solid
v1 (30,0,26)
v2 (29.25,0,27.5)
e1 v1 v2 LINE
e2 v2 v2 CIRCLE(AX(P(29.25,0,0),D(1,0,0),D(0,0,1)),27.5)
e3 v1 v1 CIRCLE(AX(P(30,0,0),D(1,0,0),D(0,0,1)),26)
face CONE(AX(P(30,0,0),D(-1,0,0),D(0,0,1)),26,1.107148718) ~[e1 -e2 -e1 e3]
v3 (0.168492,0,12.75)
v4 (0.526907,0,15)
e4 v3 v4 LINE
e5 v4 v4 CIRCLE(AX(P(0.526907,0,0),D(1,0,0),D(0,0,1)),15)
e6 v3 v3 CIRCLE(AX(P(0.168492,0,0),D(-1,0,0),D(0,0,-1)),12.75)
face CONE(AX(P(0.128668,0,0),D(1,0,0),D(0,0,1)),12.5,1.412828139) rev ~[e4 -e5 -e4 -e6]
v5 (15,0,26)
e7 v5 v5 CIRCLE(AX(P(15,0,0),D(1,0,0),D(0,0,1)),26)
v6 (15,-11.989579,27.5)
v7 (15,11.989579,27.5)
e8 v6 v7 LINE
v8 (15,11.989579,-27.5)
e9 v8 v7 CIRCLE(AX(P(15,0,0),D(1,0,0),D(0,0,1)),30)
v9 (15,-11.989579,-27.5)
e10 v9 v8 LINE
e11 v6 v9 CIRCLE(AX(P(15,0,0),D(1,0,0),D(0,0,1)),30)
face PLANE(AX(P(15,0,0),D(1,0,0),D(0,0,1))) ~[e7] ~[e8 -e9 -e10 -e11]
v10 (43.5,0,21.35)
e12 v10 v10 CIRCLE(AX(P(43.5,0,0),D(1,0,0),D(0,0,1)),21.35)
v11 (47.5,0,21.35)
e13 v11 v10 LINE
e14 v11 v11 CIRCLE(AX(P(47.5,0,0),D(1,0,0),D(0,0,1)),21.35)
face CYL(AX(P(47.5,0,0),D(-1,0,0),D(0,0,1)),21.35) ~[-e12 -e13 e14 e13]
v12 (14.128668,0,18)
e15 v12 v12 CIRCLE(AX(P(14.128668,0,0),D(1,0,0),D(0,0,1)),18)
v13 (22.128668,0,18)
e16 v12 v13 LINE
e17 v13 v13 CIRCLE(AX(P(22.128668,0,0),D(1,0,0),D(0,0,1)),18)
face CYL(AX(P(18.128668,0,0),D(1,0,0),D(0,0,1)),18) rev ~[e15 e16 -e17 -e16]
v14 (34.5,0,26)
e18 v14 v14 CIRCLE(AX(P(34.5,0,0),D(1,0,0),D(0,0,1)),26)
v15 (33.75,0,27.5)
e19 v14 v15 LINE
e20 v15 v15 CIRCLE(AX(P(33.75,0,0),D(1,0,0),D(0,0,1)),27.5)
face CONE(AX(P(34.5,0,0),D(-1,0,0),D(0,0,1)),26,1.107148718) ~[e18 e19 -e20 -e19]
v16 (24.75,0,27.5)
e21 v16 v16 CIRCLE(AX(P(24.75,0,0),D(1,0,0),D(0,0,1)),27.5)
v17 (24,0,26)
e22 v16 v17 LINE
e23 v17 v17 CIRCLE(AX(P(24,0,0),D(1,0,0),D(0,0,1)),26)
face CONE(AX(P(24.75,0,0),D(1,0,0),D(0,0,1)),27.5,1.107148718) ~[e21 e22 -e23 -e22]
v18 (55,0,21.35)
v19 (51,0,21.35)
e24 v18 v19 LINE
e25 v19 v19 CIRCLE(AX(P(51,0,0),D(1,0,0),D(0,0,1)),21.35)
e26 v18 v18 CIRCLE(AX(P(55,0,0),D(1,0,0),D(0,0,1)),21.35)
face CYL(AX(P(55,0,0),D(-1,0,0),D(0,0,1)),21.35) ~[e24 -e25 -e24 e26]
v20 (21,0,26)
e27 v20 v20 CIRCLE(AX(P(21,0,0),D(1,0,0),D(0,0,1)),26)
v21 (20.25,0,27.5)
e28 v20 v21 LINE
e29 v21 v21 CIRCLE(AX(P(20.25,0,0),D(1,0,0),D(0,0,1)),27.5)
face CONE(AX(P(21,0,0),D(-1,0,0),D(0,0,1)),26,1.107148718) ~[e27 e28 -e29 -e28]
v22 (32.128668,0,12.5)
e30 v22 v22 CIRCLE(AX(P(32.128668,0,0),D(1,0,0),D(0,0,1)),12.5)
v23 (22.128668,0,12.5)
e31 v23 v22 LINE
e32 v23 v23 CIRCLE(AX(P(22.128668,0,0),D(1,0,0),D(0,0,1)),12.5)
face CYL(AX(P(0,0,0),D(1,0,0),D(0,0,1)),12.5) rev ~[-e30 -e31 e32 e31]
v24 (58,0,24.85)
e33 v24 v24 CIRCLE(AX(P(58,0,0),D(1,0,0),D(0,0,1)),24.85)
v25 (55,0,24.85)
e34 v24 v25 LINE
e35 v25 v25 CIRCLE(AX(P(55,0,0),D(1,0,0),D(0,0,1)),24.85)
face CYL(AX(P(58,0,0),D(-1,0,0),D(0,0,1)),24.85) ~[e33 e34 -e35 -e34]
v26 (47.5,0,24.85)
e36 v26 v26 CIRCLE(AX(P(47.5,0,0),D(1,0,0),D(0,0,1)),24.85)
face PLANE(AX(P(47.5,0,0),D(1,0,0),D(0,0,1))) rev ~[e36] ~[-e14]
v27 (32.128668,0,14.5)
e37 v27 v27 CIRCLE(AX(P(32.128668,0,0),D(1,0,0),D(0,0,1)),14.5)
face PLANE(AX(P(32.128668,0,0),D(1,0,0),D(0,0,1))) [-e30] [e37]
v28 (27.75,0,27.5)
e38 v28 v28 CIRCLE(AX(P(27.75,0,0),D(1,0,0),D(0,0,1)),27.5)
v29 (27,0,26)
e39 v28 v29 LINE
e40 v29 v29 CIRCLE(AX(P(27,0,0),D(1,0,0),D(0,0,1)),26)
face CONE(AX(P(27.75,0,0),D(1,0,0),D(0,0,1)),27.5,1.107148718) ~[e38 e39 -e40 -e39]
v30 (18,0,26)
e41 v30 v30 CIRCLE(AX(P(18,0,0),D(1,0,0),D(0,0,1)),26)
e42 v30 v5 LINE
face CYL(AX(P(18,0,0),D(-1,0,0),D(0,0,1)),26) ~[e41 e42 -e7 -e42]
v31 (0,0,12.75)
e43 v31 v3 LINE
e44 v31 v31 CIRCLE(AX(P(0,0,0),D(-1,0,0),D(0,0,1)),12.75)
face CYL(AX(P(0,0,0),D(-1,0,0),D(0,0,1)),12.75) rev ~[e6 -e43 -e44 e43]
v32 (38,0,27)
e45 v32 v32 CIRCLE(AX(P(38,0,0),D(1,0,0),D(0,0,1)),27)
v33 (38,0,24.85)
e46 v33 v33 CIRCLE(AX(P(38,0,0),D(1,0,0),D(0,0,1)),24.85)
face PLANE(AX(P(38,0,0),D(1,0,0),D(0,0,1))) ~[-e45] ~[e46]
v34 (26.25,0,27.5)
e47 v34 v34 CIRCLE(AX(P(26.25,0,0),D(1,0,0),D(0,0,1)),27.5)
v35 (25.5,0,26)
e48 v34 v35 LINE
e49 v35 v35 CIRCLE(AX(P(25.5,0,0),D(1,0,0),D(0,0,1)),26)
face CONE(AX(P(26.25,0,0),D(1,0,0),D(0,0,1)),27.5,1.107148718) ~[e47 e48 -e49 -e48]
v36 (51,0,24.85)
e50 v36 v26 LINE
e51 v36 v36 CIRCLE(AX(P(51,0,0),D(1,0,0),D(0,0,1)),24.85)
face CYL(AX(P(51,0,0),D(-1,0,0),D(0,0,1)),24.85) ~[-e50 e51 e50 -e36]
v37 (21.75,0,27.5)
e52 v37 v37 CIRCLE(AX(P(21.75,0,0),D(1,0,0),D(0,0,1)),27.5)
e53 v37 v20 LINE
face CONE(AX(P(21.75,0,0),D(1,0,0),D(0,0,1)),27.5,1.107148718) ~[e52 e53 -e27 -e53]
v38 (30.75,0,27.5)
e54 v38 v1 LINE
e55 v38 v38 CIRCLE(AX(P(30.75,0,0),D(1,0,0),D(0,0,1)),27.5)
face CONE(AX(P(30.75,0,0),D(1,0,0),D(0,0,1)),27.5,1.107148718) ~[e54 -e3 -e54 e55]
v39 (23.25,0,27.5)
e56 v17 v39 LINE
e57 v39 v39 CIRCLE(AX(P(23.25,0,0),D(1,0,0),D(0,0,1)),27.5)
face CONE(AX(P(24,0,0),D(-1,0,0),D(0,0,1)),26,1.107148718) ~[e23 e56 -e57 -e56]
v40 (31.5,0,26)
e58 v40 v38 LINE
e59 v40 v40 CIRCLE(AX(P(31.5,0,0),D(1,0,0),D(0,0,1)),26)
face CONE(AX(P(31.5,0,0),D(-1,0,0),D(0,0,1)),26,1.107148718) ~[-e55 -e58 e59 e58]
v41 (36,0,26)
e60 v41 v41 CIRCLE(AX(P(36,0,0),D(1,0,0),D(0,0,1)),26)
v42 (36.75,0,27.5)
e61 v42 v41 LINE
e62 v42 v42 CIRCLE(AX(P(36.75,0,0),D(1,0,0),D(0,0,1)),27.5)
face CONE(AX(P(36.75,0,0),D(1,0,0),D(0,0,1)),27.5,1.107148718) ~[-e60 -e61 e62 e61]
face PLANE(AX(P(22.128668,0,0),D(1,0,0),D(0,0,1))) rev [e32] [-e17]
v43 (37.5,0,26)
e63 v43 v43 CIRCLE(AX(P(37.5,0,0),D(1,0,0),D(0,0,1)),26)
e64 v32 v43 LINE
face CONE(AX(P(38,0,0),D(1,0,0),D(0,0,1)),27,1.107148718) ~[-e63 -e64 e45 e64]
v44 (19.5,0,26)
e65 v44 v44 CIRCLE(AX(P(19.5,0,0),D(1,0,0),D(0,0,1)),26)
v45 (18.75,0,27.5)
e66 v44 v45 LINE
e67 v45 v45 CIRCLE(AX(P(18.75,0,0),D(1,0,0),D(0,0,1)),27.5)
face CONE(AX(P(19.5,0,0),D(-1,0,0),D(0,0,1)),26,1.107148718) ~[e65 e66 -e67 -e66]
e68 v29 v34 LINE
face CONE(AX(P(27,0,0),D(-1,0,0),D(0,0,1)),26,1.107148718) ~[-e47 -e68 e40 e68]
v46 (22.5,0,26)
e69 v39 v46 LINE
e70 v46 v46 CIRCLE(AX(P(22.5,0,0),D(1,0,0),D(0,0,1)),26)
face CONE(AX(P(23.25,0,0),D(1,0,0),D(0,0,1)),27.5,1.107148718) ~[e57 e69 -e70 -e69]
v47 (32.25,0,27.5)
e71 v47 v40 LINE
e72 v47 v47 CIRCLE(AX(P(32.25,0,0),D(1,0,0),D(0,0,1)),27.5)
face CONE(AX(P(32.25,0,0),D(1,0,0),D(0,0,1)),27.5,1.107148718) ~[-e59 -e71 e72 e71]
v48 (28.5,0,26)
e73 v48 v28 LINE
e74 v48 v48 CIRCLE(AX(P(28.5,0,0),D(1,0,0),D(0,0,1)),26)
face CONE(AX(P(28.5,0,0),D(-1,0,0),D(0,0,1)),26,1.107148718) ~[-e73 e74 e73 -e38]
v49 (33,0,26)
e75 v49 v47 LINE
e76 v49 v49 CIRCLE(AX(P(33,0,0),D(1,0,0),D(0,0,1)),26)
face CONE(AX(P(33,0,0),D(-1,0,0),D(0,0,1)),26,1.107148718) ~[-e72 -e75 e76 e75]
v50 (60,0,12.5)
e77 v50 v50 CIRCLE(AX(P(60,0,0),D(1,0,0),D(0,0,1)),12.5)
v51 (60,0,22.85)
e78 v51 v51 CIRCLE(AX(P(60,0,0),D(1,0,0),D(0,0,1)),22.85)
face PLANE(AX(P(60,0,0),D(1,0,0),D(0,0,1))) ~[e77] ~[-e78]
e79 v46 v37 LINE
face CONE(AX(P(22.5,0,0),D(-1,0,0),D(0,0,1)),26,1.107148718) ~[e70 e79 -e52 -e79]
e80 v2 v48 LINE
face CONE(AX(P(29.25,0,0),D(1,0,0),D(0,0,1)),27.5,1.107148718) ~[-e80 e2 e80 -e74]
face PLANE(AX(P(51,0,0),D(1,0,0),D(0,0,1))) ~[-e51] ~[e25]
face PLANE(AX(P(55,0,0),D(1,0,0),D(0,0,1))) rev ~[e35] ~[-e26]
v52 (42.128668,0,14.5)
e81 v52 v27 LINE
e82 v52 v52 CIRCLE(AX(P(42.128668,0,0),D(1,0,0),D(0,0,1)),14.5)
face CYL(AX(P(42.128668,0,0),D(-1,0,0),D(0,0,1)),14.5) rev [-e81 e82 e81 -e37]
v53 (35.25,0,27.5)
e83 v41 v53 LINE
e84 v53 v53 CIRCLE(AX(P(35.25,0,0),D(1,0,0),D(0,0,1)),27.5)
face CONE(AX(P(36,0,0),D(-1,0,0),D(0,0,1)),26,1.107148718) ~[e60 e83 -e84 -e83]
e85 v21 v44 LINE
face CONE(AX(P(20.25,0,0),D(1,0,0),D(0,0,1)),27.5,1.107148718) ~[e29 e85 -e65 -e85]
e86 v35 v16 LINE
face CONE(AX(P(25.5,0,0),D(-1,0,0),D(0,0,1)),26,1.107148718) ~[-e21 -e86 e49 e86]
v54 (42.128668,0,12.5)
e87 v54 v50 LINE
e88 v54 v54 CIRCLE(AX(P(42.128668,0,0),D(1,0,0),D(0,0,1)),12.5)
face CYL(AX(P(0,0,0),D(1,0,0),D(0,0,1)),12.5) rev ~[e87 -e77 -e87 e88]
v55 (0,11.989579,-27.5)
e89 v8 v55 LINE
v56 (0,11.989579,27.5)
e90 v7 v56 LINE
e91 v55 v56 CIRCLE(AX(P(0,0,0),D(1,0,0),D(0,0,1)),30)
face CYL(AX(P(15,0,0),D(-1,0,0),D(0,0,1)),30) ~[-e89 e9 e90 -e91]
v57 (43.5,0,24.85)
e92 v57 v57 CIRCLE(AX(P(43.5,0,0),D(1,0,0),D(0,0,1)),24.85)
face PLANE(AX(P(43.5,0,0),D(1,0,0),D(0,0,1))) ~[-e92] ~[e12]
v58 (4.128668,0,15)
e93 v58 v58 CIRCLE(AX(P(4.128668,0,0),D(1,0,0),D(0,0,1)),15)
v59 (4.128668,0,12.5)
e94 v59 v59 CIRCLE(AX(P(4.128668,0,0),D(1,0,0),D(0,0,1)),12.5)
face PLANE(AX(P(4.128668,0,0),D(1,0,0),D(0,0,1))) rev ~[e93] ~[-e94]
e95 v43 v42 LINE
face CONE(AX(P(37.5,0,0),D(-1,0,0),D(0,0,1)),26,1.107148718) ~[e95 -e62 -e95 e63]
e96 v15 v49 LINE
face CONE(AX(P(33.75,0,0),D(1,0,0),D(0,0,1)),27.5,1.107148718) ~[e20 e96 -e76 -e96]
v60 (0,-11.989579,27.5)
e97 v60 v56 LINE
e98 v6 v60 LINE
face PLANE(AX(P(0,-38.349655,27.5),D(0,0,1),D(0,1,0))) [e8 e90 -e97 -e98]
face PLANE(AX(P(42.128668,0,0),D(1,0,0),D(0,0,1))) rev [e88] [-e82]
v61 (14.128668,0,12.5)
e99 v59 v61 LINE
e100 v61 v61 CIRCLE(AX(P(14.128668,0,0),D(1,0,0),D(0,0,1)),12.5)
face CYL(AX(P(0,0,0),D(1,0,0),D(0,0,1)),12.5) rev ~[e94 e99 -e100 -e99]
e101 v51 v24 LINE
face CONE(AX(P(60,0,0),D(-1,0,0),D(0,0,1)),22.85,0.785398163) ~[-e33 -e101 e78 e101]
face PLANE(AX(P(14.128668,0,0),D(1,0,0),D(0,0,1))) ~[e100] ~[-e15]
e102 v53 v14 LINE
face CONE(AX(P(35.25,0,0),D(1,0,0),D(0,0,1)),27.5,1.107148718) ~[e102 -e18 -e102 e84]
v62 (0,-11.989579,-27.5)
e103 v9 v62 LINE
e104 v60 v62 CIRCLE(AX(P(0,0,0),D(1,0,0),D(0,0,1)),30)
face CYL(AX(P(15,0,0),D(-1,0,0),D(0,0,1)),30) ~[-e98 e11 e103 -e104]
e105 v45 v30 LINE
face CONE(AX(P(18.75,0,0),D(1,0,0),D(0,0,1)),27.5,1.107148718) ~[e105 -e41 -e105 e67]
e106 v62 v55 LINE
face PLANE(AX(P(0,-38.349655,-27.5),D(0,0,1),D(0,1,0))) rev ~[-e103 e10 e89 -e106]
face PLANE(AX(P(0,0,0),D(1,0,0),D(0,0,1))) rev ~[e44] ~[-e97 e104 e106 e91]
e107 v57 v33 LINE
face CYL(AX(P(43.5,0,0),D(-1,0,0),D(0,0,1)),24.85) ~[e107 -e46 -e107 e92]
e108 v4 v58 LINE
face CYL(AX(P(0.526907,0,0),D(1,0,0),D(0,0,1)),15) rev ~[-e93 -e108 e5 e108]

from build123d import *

# Parameters (mm, degrees)
SKETCH2_OUTSIDE_W   = 82.784
SKETCH2_OUTSIDE_H   = 82.784
SKETCH2_OUTSIDE_W_2 = 55
SKETCH2_OUTSIDE_H_2 = 76.69931098
CUT_EXTRUDE1_DEPTH  = 17
SKETCH3_W           = 8
SKETCH3_H           = 7.464974998
SKETCH4_R           = 12.75
CUT_EXTRUDE2_DEPTH  = 1


with BuildPart() as part:
    # Sketch1 → Revolve1 (revolve)
    with BuildSketch(Plane.XY, mode=Mode.PRIVATE) as revolve1_sk:
        Polygon((0, 12.5), (60, 12.5), (60, 22.85), (58, 24.85), (55, 24.85), (55, 21.35), (51, 21.35), (51, 24.85), (47.5, 24.85), (47.5, 21.35), (43.5, 21.35), (43.5, 24.85), (38, 24.85), (38, 27), (37.5, 26), (36.75, 27.5), (36, 26), (35.25, 27.5), (34.5, 26), (33.75, 27.5), (33, 26), (32.25, 27.5), (31.5, 26), (30.75, 27.5), (30, 26), (29.25, 27.5), (28.5, 26), (27.75, 27.5), (27, 26), (26.25, 27.5), (25.5, 26), (24.75, 27.5), (24, 26), (23.25, 27.5), (22.5, 26), (21.75, 27.5), (21, 26), (20.25, 27.5), (19.5, 26), (18.75, 27.5), (18, 26), (15, 26), (15, 30), (0, 30), align=None)
    revolve(revolve1_sk.sketch.rotate(Axis((0, 0, 0), (1, 0, 0)), 90), axis=Axis((0, 0, 0), (1, 0, 0)))

    # Sketch2 outside → Cut-Extrude1 (cut)
    with BuildSketch(Plane.ZY):
        Rectangle(SKETCH2_OUTSIDE_W, SKETCH2_OUTSIDE_H)
        Rectangle(SKETCH2_OUTSIDE_W_2, SKETCH2_OUTSIDE_H_2, mode=Mode.SUBTRACT)
    extrude(amount=-CUT_EXTRUDE1_DEPTH, mode=Mode.SUBTRACT)

    # Sketch3 → Cut-Revolve1 (revolve, cut)
    with BuildSketch(Plane(origin=(0, 0, 0), x_dir=(1, 0, 0), z_dir=(0, 1, 0)), mode=Mode.PRIVATE) as cut_revolve1_sk:
        Polygon((4.128668244, 15), (4.128668244, 11.219915318), (0.128668244, 11.219915318), (0.128668244, 12.5), (0.526906778, 15), align=None)
        with Locations((18.128668244, 14.267512501)):
            Rectangle(SKETCH3_W, SKETCH3_H)
        Polygon((32.128668244, 12.5), (32.128668244, 11.219915318), (42.128668244, 11.219915318), (42.128668244, 12.5), (42.128668244, 14.5), (32.128668244, 14.5), align=None)
    revolve(cut_revolve1_sk.sketch.rotate(Axis((0, 0, 0), (1, 0, 0)), 180), axis=Axis((0, 0, 0), (1, 0, 0)), mode=Mode.SUBTRACT)

    # Sketch4 → Cut-Extrude2 (cut)
    with BuildSketch(Plane.ZY):
        Circle(SKETCH4_R)
    extrude(amount=-CUT_EXTRUDE2_DEPTH, mode=Mode.SUBTRACT)


solid = part.part
